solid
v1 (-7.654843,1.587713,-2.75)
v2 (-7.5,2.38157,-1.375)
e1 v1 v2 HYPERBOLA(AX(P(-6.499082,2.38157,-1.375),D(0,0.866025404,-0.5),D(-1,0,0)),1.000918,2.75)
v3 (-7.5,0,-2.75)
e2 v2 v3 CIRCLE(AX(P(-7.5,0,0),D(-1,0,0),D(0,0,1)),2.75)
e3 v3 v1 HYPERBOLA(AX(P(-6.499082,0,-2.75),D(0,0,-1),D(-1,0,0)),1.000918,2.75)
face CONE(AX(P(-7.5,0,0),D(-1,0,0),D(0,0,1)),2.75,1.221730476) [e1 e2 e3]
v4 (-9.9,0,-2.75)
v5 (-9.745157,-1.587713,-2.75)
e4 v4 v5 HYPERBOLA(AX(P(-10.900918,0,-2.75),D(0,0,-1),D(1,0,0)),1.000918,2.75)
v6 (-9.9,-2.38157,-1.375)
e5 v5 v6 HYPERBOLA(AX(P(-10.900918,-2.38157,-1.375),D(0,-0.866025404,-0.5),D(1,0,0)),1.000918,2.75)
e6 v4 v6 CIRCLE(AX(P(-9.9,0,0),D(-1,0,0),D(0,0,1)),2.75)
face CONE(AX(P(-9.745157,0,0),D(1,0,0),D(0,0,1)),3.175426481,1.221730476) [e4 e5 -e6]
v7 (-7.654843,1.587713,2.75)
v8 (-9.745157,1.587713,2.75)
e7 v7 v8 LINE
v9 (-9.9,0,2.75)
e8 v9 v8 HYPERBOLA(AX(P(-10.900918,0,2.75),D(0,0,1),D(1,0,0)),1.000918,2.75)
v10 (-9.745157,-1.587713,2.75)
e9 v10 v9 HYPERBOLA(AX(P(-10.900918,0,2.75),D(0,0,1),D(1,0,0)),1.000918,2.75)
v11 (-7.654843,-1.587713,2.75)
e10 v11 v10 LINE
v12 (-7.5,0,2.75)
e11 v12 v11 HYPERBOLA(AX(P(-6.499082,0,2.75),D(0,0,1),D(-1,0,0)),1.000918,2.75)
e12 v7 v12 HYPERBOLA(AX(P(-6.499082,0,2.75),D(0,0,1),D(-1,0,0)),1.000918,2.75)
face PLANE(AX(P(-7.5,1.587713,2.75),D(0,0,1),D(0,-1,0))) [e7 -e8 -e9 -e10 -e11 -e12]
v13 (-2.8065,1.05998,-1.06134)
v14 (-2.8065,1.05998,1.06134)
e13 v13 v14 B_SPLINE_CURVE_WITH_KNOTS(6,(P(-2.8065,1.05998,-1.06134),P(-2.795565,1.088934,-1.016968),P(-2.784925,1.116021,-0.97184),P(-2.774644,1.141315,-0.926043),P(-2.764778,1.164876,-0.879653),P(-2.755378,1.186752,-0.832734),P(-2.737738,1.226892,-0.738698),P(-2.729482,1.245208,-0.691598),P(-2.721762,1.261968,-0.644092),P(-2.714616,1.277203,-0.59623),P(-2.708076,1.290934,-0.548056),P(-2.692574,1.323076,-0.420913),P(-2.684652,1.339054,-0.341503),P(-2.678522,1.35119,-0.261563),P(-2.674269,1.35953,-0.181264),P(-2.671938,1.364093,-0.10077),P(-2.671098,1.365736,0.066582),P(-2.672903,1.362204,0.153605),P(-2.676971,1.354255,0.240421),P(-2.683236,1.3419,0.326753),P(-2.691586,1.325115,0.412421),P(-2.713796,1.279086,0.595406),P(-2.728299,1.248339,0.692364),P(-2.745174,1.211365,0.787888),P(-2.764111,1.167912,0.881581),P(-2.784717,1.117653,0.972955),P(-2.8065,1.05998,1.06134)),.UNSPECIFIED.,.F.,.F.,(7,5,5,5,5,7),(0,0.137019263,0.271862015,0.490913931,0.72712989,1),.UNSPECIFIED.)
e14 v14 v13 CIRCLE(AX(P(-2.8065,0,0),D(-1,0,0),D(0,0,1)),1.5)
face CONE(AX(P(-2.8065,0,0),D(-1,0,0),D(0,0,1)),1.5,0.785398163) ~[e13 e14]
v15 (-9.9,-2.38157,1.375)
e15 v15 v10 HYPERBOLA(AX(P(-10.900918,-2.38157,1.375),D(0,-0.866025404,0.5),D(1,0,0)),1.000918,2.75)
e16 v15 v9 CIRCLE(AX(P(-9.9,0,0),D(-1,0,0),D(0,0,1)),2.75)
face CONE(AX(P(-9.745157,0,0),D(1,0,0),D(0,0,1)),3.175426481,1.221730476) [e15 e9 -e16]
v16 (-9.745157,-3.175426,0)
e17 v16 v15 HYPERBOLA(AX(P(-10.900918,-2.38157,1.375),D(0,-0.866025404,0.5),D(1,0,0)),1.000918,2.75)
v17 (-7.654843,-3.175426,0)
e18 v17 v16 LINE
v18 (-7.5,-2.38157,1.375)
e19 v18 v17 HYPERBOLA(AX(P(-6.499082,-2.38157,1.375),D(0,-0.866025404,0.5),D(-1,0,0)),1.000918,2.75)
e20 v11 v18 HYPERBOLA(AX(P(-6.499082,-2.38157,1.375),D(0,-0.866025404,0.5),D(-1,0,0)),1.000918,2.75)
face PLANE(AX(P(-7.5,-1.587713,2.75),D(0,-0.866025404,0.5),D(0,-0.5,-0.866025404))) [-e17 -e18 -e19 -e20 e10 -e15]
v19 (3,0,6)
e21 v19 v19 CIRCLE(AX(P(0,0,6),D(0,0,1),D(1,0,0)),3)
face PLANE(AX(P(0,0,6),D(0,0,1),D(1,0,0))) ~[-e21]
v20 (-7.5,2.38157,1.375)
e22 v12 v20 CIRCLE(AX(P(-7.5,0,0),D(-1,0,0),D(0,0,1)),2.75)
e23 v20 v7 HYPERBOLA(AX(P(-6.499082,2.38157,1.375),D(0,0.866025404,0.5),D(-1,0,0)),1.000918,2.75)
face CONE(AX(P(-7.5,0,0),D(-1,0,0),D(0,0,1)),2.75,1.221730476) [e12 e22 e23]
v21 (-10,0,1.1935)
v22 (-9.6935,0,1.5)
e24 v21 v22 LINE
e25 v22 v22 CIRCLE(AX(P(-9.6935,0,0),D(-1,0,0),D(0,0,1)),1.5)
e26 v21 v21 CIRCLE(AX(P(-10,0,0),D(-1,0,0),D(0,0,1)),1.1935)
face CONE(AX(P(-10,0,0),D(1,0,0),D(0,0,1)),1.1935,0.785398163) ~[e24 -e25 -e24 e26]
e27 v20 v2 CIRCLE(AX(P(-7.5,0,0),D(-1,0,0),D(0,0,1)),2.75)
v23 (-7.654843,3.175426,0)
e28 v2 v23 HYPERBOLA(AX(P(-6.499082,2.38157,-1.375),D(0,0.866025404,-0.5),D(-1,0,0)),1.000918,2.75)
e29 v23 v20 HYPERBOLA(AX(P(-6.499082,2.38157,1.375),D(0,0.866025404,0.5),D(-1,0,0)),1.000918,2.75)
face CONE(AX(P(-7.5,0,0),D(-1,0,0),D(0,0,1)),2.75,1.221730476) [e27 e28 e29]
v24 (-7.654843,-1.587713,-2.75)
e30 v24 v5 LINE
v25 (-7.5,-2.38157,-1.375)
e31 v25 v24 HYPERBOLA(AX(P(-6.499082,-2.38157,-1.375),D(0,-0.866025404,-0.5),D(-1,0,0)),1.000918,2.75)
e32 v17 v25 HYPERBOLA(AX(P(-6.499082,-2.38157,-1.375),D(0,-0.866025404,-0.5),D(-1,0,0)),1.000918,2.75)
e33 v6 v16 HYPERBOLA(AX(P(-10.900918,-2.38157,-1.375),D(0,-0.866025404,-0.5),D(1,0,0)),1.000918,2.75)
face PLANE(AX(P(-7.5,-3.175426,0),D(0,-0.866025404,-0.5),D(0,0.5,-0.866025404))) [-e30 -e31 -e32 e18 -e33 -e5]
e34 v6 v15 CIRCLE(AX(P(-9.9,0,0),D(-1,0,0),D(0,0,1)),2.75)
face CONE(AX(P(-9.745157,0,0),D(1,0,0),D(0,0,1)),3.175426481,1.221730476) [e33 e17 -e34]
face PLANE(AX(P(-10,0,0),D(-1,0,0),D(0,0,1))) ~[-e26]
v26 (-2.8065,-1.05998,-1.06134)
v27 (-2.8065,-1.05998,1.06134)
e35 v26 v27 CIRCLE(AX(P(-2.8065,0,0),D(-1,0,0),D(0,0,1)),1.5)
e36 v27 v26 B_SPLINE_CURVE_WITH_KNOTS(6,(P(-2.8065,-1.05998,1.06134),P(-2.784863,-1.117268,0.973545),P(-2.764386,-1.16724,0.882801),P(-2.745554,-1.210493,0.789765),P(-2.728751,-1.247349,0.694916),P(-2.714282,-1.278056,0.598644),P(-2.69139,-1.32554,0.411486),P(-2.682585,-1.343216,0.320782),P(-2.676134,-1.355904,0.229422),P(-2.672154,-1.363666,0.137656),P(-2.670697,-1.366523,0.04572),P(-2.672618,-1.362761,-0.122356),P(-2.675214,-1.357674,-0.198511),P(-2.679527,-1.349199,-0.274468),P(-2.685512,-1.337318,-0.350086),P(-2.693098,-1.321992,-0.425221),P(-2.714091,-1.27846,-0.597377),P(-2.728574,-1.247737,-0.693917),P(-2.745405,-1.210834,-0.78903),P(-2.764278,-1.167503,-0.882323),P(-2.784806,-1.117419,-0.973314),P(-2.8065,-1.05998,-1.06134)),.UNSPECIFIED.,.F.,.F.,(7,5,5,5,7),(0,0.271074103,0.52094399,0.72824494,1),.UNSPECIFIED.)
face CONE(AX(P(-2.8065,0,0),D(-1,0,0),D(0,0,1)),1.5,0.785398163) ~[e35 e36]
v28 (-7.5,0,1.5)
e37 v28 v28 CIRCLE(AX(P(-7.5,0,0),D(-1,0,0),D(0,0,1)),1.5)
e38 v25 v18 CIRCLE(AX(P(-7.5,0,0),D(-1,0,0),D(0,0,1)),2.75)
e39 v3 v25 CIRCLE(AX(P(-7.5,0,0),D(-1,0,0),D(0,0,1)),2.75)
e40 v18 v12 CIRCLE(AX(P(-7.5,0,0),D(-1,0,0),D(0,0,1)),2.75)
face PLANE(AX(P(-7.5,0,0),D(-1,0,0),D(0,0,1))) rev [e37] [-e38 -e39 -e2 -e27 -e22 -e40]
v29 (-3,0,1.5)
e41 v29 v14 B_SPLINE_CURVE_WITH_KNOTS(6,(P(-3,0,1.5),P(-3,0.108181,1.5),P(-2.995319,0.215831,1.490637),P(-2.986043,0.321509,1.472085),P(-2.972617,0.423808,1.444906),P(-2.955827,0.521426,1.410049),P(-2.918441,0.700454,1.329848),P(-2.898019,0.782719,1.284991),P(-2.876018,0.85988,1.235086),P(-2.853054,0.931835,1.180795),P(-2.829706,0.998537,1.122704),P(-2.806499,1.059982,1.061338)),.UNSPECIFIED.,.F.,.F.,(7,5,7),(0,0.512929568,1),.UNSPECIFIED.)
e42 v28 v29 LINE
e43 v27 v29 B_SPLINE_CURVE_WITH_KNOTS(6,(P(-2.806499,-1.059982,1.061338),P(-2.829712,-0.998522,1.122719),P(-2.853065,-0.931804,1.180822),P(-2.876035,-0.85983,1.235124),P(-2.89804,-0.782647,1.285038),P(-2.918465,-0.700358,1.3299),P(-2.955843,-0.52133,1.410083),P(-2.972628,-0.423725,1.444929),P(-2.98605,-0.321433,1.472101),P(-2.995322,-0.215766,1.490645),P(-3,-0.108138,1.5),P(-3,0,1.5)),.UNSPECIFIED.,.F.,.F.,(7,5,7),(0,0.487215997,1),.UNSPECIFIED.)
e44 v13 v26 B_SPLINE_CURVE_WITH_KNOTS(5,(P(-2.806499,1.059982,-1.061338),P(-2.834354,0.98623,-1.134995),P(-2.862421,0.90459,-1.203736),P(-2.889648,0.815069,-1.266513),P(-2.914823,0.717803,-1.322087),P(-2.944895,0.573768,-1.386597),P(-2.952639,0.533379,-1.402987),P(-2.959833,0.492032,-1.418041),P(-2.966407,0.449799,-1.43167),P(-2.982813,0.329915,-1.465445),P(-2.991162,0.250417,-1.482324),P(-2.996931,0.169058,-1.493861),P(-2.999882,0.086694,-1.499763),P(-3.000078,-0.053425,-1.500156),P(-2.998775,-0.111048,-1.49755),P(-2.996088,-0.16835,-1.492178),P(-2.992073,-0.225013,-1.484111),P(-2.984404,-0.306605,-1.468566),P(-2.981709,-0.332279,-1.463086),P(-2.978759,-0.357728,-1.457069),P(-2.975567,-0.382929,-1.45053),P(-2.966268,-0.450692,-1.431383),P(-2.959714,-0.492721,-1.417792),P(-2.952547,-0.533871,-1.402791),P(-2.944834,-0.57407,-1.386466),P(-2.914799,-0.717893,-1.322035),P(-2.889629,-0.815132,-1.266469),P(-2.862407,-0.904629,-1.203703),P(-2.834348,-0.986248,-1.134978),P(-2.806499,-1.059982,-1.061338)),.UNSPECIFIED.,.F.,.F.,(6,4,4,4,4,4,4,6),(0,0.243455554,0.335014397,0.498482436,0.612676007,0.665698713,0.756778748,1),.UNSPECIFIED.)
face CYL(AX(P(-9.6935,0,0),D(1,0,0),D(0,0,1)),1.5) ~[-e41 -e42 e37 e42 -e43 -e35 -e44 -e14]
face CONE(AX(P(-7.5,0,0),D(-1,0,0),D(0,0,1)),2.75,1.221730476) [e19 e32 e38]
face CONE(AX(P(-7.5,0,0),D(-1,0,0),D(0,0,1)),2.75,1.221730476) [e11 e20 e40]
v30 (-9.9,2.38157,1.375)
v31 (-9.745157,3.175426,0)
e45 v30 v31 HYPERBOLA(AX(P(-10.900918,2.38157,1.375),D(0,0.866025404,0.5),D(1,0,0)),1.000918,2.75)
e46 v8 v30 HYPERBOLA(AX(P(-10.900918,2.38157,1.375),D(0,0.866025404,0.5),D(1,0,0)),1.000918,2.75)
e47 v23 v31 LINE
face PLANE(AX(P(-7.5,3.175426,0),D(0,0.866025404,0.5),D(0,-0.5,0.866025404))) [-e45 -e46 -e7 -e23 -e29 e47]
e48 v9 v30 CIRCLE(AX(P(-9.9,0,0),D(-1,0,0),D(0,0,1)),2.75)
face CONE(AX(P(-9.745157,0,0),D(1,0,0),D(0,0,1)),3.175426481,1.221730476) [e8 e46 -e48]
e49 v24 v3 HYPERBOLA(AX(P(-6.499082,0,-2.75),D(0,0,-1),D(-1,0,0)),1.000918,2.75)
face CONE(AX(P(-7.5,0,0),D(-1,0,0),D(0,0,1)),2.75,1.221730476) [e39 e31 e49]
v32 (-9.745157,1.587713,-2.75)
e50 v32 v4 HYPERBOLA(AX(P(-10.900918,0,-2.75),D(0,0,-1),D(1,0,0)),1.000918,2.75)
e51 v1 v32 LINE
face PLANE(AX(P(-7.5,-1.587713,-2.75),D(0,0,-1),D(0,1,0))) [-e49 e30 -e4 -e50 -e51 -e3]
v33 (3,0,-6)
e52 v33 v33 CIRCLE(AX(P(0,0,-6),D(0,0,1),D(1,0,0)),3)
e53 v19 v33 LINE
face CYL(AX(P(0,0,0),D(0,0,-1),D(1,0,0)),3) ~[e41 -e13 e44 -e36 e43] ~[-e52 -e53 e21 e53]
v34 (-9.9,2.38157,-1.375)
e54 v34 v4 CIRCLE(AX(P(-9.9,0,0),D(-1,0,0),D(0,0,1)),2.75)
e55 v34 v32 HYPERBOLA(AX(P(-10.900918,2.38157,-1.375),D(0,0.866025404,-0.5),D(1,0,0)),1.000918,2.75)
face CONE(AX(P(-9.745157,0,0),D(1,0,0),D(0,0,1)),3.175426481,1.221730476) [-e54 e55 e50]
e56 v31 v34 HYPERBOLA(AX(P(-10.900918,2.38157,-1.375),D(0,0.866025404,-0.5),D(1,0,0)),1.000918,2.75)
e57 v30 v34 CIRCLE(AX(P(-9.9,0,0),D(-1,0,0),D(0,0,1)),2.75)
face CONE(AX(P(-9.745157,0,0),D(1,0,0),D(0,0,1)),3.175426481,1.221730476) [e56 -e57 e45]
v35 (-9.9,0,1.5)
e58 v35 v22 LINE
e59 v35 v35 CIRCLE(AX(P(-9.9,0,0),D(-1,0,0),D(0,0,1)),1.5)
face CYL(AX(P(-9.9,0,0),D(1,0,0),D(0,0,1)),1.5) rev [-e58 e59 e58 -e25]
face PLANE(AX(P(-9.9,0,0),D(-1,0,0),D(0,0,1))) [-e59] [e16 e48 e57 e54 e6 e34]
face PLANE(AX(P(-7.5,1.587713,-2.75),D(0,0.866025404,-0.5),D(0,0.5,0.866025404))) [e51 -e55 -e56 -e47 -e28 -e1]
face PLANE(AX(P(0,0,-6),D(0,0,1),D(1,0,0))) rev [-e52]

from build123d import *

# Parameters (mm, degrees)
SKETCH1_W          = 12
SKETCH1_H          = 3
SKETCH4_W          = 11
SKETCH4_H          = 11
CUT_EXTRUDE1_DEPTH = 2.4


with BuildPart() as part:
    # Sketch1 → Revolve1 (revolve)
    with BuildSketch(Plane(origin=(0, 0, 0), x_dir=(0, 0, -1), z_dir=(1, 0, 0)), mode=Mode.PRIVATE) as revolve1_sk:
        with Locations((0, 1.5)):
            Rectangle(SKETCH1_W, SKETCH1_H)
    revolve(revolve1_sk.sketch.rotate(Axis((0, 0, -6), (0, 0, 1)), 270), axis=Axis((0, 0, -6), (0, 0, 1)))

    # Sketch2 → Revolve2 (revolve)
    with BuildSketch(Plane.XY, mode=Mode.PRIVATE) as revolve2_sk:
        Polygon((-10, 0), (-10, 1.1935), (-9.6935, 1.5), (-2.8065, 1.5), (-2.5, 1.1935), (-2.5, 0), align=None)
    revolve(revolve2_sk.sketch.rotate(Axis((-2.5, 0, 0), (-1, 0, 0)), 270), axis=Axis((-2.5, 0, 0), (-1, 0, 0)))

    # Sketch3 → Revolve3 (revolve)
    with BuildSketch(Plane.XY, mode=Mode.PRIVATE) as revolve3_sk:
        Polygon((-9.9, 2.75), (-9.9, 1.5), (-7.5, 1.5), (-7.5, 2.75), (-7.654842576, 3.175426481), (-9.745157424, 3.175426481), align=None)
    revolve(revolve3_sk.sketch.rotate(Axis((42.5, 0, 0), (-1, 0, 0)), 270), axis=Axis((42.5, 0, 0), (-1, 0, 0)))

    # Sketch4 → Cut-Extrude1 (cut)
    with BuildSketch(Plane(origin=(-7.5, 0, 0), x_dir=(0, 0, -1), z_dir=(1, 0, 0))):
        Rectangle(SKETCH4_W, SKETCH4_H)
        Polygon((-2.75, -1.58771324), (0, -3.175426481), (2.75, -1.58771324), (2.75, 1.58771324), (0, 3.175426481), (-2.75, 1.58771324), align=None, mode=Mode.SUBTRACT)
    extrude(amount=-CUT_EXTRUDE1_DEPTH, mode=Mode.SUBTRACT)


solid = part.part
